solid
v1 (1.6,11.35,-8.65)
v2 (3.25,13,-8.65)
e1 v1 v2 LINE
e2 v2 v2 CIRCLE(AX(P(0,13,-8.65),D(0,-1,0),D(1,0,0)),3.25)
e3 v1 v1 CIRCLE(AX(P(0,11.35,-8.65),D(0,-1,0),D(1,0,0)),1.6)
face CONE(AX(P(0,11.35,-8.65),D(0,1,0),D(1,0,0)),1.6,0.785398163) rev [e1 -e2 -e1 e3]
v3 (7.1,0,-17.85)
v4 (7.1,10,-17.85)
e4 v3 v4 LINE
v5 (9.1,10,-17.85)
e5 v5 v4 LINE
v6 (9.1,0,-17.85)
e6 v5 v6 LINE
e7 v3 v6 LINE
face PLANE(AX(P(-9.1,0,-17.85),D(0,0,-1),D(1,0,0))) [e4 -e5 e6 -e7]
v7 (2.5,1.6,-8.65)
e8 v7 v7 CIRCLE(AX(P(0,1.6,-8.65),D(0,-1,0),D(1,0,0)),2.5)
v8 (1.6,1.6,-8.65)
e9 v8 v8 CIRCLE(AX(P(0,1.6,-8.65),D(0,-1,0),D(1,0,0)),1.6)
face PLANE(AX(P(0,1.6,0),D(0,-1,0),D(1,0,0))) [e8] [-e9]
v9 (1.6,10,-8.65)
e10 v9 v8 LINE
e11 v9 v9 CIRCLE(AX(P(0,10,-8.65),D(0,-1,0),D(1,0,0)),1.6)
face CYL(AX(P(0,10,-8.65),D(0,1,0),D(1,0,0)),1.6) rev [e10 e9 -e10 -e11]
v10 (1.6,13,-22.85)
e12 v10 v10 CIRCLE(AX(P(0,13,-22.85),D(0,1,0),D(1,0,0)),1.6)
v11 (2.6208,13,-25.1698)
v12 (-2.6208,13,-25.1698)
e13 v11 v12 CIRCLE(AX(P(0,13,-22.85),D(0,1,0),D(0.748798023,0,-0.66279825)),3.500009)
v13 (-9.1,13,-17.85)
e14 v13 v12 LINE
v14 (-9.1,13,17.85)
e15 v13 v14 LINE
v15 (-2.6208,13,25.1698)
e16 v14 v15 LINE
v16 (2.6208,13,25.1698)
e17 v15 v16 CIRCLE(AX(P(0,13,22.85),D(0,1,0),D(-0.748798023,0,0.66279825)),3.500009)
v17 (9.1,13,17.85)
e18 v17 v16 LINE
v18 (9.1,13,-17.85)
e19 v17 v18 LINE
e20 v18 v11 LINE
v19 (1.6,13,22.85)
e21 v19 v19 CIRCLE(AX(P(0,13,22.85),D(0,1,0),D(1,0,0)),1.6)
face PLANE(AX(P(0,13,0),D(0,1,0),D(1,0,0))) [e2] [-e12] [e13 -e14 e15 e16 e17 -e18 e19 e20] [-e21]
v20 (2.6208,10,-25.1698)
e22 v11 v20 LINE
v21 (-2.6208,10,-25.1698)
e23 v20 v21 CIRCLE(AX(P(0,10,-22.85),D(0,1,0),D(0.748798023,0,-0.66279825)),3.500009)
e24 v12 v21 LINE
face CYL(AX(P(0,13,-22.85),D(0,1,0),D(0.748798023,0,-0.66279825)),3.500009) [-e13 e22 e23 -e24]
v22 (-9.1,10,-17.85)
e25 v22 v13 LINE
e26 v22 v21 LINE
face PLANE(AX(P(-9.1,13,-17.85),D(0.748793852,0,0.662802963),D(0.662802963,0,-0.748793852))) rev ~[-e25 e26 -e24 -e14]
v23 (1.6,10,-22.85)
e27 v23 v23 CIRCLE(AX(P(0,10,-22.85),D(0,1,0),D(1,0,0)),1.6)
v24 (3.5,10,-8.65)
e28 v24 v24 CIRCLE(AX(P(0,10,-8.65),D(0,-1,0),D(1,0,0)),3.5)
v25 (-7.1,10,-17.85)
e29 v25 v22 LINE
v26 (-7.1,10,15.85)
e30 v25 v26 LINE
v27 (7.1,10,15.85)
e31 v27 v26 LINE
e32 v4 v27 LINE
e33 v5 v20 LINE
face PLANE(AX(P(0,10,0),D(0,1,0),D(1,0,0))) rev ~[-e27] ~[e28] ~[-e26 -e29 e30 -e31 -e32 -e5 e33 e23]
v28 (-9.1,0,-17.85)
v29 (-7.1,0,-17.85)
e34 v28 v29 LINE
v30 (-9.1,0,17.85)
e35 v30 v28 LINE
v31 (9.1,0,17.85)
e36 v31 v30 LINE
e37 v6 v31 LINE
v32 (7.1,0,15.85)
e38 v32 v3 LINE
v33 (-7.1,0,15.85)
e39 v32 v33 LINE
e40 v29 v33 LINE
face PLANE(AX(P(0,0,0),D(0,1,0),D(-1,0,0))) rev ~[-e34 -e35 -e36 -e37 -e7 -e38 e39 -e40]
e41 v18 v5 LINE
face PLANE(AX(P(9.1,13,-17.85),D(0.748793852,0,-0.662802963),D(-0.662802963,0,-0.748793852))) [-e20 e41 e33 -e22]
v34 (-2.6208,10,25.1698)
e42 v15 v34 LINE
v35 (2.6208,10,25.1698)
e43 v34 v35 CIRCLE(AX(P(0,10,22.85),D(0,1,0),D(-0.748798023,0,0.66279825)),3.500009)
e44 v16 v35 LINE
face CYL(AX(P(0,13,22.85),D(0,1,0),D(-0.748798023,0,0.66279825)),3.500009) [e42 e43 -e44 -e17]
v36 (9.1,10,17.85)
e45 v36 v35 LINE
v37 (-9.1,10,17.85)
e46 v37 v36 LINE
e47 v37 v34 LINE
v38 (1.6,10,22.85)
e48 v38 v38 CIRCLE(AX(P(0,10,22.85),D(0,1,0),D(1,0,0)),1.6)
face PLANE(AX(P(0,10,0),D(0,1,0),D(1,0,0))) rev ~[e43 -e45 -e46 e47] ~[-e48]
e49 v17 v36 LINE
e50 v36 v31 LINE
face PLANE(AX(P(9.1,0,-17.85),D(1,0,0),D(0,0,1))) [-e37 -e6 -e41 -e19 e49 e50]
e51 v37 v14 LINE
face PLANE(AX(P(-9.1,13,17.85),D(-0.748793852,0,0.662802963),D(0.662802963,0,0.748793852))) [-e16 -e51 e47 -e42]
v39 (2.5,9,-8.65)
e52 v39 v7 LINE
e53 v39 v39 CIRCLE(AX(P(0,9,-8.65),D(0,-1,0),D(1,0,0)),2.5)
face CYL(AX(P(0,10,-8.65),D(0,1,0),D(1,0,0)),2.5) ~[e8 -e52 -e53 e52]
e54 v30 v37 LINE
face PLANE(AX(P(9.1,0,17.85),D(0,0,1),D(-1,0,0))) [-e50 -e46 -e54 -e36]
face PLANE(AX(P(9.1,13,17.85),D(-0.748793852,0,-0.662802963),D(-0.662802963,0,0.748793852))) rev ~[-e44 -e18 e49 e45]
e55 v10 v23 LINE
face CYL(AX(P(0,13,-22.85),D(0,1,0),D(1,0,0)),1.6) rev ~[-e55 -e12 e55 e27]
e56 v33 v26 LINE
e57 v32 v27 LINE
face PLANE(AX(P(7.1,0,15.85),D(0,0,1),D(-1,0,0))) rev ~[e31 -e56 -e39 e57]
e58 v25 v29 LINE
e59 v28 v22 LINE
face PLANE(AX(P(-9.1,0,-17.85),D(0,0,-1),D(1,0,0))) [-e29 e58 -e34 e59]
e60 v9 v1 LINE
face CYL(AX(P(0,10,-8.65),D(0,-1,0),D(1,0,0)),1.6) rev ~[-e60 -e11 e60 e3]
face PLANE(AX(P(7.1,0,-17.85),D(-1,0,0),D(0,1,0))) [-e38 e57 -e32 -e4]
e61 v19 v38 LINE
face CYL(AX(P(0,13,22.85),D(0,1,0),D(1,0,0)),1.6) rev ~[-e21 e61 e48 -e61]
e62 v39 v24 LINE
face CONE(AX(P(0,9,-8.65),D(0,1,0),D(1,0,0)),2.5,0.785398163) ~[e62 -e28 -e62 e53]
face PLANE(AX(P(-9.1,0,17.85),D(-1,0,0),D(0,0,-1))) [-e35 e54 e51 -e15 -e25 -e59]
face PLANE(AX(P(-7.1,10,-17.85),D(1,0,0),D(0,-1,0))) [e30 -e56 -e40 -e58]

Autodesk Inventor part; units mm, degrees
ref_plane "YZ Plane" through (0, 0, 0) normal (1, 0, 0) x (0, 1, 0)
ref_plane "XZ Plane" through (0, 0, 0) normal (0, 1, 0) x (-1, 0, 0)
ref_plane "XY Plane" through (0, 0, 0) normal (0, 0, 1) x (1, 0, 0)
sketch "Эскиз1" plane through (0, 0, 0) normal (0, 1, 0) x (-1, 0, 0)
  line L0 (7.1, -15.85) -> (-7.1, -15.85)
  line L1 (-7.1, -15.85) -> (-7.1, 15.85)
  line L2 (-7.1, 15.85) -> (7.1, 15.85)
  line L3 (7.1, 15.85) -> (7.1, -15.85)
  line L4 (7.1, -15.85) -> (-7.1, 15.85) construction
  line L5 (-7.1, -15.85) -> (7.1, 15.85) construction
  line L6 (9.1, -17.85) -> (-9.1, -17.85)
  line L7 (-9.1, -17.85) -> (-9.1, 17.85)
  line L8 (-9.1, 17.85) -> (9.1, 17.85)
  line L9 (9.1, 17.85) -> (9.1, -17.85)
  point P0 (0, 0)
  dimension "d0" = 14.2
  dimension "d1" = 31.7
  dimension "d2" = 2
extrude "Выдавливание1" add sketch "Эскиз1" along normal blind 10
sketch "Эскиз2" plane through (0, 10, 0) normal (0, 1, 0) x (1, 0, 0)
  line L0 (-9.1, 17.85) -> (-9.1, -17.85) projected
  line L1 (-9.1, -17.85) -> (9.1, -17.85) projected
  line L2 (9.1, -17.85) -> (9.1, 17.85) projected
  line L3 (9.1, 17.85) -> (-9.1, 17.85) projected
  point P0 (0, 0)
extrude "Выдавливание2" add sketch "Эскиз2" along normal blind 3
sketch "Эскиз4" plane through (9.1, 0, -17.85) normal (0, 0, -1) x (-1, 0, 0)
  line L0 (0, 0) -> (0, 13) construction
  line L1 (0, 0) -> (0, 13) construction
  line L2 (0, 0) -> (18.2, 0) construction
  line L3 (18.2, 0) -> (18.2, 13) construction
  line L4 (18.2, 0) -> (18.2, 13) construction
  line L5 (0, 0) -> (0, 13) projected
  line L6 (0, 0) -> (0, 13)
  line L7 (18.2, 0) -> (0, 0) projected
  line L8 (0, 0) -> (18.2, 0)
  line L9 (18.2, 0) -> (18.2, 13)
  line L10 (5.972, 13) -> (0, 13)
  line L11 (0, 13) -> (18.2, 13)
  line L12 (0, 0) -> (0, 13) projected
  line L13 (0, 13) -> (0, 7)
  line L14 (2, 0) -> (2, 10)
  line L15 (2, 10) -> (16.2, 10)
  line L16 (16.2, 10) -> (16.2, 0)
  point P0 (9.1, 0)
  point P1 (18.2, 7)
  point P2 (0, 6.5)
  point P3 (18.2, 6.5)
  point P4 (16.2, 0)
  dimension "d0" = 14.2
  dimension "d15" = 2
  dimension "d16" = 2
  dimension "d53" = 10
extrude "Выдавливание4" cut sketch "Эскиз4" against normal blind 3 contours L14 L15 L16 L7
sketch "Эскиз5" plane through (0, 13, 0) normal (0, 1, 0) x (1, 0, 0)
  line L0 (0, 0) -> (0, -28.4562) construction
  circle A0 centre (0, -22.85) radius 1.6
  circle A1 centre (0, 22.85) radius 1.6
  line L1 (-9.1, -17.85) -> (9.1, -17.85) projected
  line L2 (9.1, 17.85) -> (-9.1, 17.85) projected
  arc A2 (2.6208, 25.1698) -> (-2.6208, 25.1698) centre (0, 22.85) ccw
  arc A3 (-2.6208, -25.1698) -> (2.6208, -25.1698) centre (0, -22.85) ccw
  line L3 (9.1, 17.85) -> (-9.1, 17.85) projected
  line L4 (9.1, 17.85) -> (2.6208, 25.1698)
  line L5 (-9.1, 17.85) -> (-2.6208, 25.1698)
  line L6 (-9.1, -17.85) -> (-2.6208, -25.1698)
  line L7 (9.1, -17.85) -> (9.1, 17.85) projected
  line L8 (9.1, -17.85) -> (2.6208, -25.1698)
  point P0 (7.1, 17.85)
  dimension "d32" = 3.2
  dimension "d33" = 3.2
  dimension "d34" = 5
  dimension "d35" = 5
  dimension "d36" = 7
  dimension "d37" = 7
extrude "Выдавливание5" add sketch "Эскиз5" against normal blind 3
sketch "Эскиз6" plane through (0, 10, 0) normal (0, -1, 0) x (1, 0, 0)
  circle A0 centre (0, -8.65) radius 1.5 construction
  circle A1 centre (0, -8.65) radius 1.6
  point P0 (0, 0)
  dimension "d38" = 3.2
extrude "Выдавливание6" cut sketch "Эскиз6" against normal blind 10
chamfer "Фаска1" distance 1.65 angle 45 1 edges at (-1.6, 13, -8.65)
sketch "Эскиз7" plane through (0, 10, 0) normal (0, -1, 0) x (1, 0, 0)
  circle A0 centre (0, -8.65) radius 1.6 projected
  circle A1 centre (0, -8.65) radius 1.6
  circle A2 centre (0, -8.65) radius 2.5
  point P0 (0, 0)
  dimension "d44" = 5
extrude "Выдавливание7" add sketch "Эскиз7" along normal blind 8.4
chamfer "Фаска3" distance 1 angle 45 1 edges at (-2.5, 10, -8.65)
properties part number "креп_опт" material "Полипропилен"
